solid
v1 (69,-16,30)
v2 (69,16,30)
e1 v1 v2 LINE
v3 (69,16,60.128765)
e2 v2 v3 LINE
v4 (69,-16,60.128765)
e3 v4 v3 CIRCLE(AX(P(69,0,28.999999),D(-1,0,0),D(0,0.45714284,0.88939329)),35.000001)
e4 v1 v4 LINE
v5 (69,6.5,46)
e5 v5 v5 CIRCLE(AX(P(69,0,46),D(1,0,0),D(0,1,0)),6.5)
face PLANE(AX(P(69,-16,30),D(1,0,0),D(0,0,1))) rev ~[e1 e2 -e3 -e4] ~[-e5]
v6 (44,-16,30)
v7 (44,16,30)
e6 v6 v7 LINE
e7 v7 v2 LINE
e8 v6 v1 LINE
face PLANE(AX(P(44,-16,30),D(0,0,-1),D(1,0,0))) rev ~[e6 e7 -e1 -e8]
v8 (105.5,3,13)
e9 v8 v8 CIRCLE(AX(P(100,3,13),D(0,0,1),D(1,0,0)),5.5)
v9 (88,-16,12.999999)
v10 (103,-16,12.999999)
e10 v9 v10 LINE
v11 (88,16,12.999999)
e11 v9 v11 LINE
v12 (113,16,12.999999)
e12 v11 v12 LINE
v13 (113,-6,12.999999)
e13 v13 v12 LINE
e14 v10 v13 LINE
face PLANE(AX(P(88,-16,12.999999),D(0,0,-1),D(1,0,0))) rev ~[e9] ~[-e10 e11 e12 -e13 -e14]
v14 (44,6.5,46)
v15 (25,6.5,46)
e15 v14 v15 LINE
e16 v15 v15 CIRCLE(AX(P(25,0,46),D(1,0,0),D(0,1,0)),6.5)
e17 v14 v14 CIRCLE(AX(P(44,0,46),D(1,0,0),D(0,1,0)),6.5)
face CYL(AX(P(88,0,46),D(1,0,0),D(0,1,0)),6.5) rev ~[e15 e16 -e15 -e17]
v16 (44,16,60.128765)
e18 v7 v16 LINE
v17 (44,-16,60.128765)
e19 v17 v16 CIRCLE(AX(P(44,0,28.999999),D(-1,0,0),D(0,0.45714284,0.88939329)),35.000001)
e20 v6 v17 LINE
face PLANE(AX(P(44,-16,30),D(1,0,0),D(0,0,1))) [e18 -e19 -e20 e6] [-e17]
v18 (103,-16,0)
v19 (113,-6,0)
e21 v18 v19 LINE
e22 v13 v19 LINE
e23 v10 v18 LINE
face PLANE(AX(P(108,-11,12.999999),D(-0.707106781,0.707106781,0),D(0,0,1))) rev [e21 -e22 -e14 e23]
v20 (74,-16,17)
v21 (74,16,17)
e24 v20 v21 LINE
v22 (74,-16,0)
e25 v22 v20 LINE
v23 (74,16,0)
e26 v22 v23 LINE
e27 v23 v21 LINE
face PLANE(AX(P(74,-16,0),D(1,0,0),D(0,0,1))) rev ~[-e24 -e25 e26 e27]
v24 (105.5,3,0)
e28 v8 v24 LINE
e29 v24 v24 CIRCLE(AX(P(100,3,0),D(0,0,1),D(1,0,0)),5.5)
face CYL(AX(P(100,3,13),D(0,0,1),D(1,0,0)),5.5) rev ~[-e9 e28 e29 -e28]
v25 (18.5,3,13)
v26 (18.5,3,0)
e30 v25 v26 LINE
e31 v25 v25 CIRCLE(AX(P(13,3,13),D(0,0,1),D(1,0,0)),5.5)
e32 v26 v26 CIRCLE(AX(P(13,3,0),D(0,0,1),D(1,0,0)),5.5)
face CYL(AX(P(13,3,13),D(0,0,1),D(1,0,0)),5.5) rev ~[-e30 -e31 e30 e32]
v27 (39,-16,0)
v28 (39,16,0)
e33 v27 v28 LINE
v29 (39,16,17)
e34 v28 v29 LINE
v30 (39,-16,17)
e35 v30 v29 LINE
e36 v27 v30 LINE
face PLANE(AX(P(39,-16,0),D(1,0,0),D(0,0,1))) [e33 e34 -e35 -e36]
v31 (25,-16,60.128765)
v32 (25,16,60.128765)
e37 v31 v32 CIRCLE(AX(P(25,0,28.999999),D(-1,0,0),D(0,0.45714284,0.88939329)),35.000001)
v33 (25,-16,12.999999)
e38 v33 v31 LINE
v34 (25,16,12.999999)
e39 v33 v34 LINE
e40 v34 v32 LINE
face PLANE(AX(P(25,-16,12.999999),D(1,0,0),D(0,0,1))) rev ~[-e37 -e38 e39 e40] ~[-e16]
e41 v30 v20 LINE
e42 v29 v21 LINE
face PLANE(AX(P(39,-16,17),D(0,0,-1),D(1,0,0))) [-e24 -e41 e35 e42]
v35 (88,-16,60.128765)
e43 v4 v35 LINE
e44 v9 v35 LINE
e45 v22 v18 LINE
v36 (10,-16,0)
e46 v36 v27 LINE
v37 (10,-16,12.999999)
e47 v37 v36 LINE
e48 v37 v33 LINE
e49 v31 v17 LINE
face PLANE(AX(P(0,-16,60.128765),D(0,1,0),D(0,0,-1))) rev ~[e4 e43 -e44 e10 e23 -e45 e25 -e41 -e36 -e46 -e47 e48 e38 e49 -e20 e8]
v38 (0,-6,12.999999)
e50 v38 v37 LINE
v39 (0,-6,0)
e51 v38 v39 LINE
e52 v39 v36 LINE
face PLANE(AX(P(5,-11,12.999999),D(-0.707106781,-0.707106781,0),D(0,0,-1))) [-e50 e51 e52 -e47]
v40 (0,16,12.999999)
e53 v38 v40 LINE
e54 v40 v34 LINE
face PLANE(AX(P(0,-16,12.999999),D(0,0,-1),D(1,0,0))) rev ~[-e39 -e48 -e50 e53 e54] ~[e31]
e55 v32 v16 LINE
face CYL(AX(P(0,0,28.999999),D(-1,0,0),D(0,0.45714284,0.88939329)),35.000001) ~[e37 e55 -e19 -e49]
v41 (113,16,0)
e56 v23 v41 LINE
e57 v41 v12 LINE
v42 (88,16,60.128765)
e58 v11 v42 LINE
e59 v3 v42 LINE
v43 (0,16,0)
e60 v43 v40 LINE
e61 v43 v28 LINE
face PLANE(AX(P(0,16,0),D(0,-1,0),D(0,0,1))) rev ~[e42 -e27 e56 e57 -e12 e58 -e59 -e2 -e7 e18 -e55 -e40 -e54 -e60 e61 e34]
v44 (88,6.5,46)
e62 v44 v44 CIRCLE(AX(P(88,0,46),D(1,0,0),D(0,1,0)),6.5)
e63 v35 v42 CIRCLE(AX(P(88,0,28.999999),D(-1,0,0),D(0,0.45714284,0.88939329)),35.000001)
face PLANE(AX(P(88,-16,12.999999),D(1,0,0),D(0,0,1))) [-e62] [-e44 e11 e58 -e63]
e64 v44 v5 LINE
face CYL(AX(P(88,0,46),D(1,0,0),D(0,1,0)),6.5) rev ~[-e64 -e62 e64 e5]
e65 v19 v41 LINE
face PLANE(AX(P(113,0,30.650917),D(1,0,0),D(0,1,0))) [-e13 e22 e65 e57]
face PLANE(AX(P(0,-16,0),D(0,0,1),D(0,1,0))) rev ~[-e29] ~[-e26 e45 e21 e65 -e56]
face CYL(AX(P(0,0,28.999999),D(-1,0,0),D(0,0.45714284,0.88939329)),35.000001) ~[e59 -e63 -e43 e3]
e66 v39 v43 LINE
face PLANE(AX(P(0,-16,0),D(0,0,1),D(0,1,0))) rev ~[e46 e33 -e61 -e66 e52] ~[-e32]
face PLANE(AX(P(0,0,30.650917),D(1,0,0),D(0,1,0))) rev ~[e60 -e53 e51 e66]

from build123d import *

# Parameters (mm, degrees)
F1_DEPTH = 113
F2_W     = 25
F2_H     = 151.750604
F2_H_2   = 125.694361
F2_W_2   = 35
F2_H_3   = 17
F3_DEPTH = 32.001
F4_SIZE  = 10
F5_R     = 5.5
F6_DEPTH = 25
F7_R     = 6.5
F8_DEPTH = 88.001


with BuildPart() as f1:
    # F0 (on Right) → F1 (new body)
    with BuildSketch(Plane.YZ):
        with BuildLine():
            Line((-16, 0), (16, 0))
            Line((16, 0), (16, 60.128765))
            ThreePointArc((16, 60.128765), (0, 64), (-16, 60.128765))
            Line((-16, 60.128765), (-16, 0))
        make_face()
    extrude(amount=F1_DEPTH)

    # F2 (on face) → F3 (cut, through all)
    with BuildSketch(Plane.XZ.offset(16)):
        with Locations((56.5, 105.875302)):
            Rectangle(F2_W, F2_H)
        with Locations((100.5, 75.84718)):
            Rectangle(F2_W, F2_H_2)
        with Locations((12.5, 75.84718)):
            Rectangle(F2_W, F2_H_2)
        with Locations((56.5, 8.5)):
            Rectangle(F2_W_2, F2_H_3)
    extrude(amount=-F3_DEPTH, mode=Mode.SUBTRACT)

    # F4
    f4_edges = [f1.edges().sort_by_distance(p)[0] for p in [
        (0, -16, 6.5),
        (113, -16, 6.5),
    ]]
    chamfer(f4_edges, length=F4_SIZE)

    # F5 (on face) → F6 (cut)
    with BuildSketch(Plane.XY.offset(13)):
        with Locations((100, 3)):
            Circle(F5_R)
        with Locations((13, 3)):
            Circle(F5_R)
    extrude(amount=-F6_DEPTH, mode=Mode.SUBTRACT)

    # F7 (on face) → F8 (cut, through all)
    with BuildSketch(Plane.YZ.offset(88)):
        with Locations((0, 46)):
            Circle(F7_R)
    extrude(amount=-F8_DEPTH, mode=Mode.SUBTRACT)


solid = f1.part
